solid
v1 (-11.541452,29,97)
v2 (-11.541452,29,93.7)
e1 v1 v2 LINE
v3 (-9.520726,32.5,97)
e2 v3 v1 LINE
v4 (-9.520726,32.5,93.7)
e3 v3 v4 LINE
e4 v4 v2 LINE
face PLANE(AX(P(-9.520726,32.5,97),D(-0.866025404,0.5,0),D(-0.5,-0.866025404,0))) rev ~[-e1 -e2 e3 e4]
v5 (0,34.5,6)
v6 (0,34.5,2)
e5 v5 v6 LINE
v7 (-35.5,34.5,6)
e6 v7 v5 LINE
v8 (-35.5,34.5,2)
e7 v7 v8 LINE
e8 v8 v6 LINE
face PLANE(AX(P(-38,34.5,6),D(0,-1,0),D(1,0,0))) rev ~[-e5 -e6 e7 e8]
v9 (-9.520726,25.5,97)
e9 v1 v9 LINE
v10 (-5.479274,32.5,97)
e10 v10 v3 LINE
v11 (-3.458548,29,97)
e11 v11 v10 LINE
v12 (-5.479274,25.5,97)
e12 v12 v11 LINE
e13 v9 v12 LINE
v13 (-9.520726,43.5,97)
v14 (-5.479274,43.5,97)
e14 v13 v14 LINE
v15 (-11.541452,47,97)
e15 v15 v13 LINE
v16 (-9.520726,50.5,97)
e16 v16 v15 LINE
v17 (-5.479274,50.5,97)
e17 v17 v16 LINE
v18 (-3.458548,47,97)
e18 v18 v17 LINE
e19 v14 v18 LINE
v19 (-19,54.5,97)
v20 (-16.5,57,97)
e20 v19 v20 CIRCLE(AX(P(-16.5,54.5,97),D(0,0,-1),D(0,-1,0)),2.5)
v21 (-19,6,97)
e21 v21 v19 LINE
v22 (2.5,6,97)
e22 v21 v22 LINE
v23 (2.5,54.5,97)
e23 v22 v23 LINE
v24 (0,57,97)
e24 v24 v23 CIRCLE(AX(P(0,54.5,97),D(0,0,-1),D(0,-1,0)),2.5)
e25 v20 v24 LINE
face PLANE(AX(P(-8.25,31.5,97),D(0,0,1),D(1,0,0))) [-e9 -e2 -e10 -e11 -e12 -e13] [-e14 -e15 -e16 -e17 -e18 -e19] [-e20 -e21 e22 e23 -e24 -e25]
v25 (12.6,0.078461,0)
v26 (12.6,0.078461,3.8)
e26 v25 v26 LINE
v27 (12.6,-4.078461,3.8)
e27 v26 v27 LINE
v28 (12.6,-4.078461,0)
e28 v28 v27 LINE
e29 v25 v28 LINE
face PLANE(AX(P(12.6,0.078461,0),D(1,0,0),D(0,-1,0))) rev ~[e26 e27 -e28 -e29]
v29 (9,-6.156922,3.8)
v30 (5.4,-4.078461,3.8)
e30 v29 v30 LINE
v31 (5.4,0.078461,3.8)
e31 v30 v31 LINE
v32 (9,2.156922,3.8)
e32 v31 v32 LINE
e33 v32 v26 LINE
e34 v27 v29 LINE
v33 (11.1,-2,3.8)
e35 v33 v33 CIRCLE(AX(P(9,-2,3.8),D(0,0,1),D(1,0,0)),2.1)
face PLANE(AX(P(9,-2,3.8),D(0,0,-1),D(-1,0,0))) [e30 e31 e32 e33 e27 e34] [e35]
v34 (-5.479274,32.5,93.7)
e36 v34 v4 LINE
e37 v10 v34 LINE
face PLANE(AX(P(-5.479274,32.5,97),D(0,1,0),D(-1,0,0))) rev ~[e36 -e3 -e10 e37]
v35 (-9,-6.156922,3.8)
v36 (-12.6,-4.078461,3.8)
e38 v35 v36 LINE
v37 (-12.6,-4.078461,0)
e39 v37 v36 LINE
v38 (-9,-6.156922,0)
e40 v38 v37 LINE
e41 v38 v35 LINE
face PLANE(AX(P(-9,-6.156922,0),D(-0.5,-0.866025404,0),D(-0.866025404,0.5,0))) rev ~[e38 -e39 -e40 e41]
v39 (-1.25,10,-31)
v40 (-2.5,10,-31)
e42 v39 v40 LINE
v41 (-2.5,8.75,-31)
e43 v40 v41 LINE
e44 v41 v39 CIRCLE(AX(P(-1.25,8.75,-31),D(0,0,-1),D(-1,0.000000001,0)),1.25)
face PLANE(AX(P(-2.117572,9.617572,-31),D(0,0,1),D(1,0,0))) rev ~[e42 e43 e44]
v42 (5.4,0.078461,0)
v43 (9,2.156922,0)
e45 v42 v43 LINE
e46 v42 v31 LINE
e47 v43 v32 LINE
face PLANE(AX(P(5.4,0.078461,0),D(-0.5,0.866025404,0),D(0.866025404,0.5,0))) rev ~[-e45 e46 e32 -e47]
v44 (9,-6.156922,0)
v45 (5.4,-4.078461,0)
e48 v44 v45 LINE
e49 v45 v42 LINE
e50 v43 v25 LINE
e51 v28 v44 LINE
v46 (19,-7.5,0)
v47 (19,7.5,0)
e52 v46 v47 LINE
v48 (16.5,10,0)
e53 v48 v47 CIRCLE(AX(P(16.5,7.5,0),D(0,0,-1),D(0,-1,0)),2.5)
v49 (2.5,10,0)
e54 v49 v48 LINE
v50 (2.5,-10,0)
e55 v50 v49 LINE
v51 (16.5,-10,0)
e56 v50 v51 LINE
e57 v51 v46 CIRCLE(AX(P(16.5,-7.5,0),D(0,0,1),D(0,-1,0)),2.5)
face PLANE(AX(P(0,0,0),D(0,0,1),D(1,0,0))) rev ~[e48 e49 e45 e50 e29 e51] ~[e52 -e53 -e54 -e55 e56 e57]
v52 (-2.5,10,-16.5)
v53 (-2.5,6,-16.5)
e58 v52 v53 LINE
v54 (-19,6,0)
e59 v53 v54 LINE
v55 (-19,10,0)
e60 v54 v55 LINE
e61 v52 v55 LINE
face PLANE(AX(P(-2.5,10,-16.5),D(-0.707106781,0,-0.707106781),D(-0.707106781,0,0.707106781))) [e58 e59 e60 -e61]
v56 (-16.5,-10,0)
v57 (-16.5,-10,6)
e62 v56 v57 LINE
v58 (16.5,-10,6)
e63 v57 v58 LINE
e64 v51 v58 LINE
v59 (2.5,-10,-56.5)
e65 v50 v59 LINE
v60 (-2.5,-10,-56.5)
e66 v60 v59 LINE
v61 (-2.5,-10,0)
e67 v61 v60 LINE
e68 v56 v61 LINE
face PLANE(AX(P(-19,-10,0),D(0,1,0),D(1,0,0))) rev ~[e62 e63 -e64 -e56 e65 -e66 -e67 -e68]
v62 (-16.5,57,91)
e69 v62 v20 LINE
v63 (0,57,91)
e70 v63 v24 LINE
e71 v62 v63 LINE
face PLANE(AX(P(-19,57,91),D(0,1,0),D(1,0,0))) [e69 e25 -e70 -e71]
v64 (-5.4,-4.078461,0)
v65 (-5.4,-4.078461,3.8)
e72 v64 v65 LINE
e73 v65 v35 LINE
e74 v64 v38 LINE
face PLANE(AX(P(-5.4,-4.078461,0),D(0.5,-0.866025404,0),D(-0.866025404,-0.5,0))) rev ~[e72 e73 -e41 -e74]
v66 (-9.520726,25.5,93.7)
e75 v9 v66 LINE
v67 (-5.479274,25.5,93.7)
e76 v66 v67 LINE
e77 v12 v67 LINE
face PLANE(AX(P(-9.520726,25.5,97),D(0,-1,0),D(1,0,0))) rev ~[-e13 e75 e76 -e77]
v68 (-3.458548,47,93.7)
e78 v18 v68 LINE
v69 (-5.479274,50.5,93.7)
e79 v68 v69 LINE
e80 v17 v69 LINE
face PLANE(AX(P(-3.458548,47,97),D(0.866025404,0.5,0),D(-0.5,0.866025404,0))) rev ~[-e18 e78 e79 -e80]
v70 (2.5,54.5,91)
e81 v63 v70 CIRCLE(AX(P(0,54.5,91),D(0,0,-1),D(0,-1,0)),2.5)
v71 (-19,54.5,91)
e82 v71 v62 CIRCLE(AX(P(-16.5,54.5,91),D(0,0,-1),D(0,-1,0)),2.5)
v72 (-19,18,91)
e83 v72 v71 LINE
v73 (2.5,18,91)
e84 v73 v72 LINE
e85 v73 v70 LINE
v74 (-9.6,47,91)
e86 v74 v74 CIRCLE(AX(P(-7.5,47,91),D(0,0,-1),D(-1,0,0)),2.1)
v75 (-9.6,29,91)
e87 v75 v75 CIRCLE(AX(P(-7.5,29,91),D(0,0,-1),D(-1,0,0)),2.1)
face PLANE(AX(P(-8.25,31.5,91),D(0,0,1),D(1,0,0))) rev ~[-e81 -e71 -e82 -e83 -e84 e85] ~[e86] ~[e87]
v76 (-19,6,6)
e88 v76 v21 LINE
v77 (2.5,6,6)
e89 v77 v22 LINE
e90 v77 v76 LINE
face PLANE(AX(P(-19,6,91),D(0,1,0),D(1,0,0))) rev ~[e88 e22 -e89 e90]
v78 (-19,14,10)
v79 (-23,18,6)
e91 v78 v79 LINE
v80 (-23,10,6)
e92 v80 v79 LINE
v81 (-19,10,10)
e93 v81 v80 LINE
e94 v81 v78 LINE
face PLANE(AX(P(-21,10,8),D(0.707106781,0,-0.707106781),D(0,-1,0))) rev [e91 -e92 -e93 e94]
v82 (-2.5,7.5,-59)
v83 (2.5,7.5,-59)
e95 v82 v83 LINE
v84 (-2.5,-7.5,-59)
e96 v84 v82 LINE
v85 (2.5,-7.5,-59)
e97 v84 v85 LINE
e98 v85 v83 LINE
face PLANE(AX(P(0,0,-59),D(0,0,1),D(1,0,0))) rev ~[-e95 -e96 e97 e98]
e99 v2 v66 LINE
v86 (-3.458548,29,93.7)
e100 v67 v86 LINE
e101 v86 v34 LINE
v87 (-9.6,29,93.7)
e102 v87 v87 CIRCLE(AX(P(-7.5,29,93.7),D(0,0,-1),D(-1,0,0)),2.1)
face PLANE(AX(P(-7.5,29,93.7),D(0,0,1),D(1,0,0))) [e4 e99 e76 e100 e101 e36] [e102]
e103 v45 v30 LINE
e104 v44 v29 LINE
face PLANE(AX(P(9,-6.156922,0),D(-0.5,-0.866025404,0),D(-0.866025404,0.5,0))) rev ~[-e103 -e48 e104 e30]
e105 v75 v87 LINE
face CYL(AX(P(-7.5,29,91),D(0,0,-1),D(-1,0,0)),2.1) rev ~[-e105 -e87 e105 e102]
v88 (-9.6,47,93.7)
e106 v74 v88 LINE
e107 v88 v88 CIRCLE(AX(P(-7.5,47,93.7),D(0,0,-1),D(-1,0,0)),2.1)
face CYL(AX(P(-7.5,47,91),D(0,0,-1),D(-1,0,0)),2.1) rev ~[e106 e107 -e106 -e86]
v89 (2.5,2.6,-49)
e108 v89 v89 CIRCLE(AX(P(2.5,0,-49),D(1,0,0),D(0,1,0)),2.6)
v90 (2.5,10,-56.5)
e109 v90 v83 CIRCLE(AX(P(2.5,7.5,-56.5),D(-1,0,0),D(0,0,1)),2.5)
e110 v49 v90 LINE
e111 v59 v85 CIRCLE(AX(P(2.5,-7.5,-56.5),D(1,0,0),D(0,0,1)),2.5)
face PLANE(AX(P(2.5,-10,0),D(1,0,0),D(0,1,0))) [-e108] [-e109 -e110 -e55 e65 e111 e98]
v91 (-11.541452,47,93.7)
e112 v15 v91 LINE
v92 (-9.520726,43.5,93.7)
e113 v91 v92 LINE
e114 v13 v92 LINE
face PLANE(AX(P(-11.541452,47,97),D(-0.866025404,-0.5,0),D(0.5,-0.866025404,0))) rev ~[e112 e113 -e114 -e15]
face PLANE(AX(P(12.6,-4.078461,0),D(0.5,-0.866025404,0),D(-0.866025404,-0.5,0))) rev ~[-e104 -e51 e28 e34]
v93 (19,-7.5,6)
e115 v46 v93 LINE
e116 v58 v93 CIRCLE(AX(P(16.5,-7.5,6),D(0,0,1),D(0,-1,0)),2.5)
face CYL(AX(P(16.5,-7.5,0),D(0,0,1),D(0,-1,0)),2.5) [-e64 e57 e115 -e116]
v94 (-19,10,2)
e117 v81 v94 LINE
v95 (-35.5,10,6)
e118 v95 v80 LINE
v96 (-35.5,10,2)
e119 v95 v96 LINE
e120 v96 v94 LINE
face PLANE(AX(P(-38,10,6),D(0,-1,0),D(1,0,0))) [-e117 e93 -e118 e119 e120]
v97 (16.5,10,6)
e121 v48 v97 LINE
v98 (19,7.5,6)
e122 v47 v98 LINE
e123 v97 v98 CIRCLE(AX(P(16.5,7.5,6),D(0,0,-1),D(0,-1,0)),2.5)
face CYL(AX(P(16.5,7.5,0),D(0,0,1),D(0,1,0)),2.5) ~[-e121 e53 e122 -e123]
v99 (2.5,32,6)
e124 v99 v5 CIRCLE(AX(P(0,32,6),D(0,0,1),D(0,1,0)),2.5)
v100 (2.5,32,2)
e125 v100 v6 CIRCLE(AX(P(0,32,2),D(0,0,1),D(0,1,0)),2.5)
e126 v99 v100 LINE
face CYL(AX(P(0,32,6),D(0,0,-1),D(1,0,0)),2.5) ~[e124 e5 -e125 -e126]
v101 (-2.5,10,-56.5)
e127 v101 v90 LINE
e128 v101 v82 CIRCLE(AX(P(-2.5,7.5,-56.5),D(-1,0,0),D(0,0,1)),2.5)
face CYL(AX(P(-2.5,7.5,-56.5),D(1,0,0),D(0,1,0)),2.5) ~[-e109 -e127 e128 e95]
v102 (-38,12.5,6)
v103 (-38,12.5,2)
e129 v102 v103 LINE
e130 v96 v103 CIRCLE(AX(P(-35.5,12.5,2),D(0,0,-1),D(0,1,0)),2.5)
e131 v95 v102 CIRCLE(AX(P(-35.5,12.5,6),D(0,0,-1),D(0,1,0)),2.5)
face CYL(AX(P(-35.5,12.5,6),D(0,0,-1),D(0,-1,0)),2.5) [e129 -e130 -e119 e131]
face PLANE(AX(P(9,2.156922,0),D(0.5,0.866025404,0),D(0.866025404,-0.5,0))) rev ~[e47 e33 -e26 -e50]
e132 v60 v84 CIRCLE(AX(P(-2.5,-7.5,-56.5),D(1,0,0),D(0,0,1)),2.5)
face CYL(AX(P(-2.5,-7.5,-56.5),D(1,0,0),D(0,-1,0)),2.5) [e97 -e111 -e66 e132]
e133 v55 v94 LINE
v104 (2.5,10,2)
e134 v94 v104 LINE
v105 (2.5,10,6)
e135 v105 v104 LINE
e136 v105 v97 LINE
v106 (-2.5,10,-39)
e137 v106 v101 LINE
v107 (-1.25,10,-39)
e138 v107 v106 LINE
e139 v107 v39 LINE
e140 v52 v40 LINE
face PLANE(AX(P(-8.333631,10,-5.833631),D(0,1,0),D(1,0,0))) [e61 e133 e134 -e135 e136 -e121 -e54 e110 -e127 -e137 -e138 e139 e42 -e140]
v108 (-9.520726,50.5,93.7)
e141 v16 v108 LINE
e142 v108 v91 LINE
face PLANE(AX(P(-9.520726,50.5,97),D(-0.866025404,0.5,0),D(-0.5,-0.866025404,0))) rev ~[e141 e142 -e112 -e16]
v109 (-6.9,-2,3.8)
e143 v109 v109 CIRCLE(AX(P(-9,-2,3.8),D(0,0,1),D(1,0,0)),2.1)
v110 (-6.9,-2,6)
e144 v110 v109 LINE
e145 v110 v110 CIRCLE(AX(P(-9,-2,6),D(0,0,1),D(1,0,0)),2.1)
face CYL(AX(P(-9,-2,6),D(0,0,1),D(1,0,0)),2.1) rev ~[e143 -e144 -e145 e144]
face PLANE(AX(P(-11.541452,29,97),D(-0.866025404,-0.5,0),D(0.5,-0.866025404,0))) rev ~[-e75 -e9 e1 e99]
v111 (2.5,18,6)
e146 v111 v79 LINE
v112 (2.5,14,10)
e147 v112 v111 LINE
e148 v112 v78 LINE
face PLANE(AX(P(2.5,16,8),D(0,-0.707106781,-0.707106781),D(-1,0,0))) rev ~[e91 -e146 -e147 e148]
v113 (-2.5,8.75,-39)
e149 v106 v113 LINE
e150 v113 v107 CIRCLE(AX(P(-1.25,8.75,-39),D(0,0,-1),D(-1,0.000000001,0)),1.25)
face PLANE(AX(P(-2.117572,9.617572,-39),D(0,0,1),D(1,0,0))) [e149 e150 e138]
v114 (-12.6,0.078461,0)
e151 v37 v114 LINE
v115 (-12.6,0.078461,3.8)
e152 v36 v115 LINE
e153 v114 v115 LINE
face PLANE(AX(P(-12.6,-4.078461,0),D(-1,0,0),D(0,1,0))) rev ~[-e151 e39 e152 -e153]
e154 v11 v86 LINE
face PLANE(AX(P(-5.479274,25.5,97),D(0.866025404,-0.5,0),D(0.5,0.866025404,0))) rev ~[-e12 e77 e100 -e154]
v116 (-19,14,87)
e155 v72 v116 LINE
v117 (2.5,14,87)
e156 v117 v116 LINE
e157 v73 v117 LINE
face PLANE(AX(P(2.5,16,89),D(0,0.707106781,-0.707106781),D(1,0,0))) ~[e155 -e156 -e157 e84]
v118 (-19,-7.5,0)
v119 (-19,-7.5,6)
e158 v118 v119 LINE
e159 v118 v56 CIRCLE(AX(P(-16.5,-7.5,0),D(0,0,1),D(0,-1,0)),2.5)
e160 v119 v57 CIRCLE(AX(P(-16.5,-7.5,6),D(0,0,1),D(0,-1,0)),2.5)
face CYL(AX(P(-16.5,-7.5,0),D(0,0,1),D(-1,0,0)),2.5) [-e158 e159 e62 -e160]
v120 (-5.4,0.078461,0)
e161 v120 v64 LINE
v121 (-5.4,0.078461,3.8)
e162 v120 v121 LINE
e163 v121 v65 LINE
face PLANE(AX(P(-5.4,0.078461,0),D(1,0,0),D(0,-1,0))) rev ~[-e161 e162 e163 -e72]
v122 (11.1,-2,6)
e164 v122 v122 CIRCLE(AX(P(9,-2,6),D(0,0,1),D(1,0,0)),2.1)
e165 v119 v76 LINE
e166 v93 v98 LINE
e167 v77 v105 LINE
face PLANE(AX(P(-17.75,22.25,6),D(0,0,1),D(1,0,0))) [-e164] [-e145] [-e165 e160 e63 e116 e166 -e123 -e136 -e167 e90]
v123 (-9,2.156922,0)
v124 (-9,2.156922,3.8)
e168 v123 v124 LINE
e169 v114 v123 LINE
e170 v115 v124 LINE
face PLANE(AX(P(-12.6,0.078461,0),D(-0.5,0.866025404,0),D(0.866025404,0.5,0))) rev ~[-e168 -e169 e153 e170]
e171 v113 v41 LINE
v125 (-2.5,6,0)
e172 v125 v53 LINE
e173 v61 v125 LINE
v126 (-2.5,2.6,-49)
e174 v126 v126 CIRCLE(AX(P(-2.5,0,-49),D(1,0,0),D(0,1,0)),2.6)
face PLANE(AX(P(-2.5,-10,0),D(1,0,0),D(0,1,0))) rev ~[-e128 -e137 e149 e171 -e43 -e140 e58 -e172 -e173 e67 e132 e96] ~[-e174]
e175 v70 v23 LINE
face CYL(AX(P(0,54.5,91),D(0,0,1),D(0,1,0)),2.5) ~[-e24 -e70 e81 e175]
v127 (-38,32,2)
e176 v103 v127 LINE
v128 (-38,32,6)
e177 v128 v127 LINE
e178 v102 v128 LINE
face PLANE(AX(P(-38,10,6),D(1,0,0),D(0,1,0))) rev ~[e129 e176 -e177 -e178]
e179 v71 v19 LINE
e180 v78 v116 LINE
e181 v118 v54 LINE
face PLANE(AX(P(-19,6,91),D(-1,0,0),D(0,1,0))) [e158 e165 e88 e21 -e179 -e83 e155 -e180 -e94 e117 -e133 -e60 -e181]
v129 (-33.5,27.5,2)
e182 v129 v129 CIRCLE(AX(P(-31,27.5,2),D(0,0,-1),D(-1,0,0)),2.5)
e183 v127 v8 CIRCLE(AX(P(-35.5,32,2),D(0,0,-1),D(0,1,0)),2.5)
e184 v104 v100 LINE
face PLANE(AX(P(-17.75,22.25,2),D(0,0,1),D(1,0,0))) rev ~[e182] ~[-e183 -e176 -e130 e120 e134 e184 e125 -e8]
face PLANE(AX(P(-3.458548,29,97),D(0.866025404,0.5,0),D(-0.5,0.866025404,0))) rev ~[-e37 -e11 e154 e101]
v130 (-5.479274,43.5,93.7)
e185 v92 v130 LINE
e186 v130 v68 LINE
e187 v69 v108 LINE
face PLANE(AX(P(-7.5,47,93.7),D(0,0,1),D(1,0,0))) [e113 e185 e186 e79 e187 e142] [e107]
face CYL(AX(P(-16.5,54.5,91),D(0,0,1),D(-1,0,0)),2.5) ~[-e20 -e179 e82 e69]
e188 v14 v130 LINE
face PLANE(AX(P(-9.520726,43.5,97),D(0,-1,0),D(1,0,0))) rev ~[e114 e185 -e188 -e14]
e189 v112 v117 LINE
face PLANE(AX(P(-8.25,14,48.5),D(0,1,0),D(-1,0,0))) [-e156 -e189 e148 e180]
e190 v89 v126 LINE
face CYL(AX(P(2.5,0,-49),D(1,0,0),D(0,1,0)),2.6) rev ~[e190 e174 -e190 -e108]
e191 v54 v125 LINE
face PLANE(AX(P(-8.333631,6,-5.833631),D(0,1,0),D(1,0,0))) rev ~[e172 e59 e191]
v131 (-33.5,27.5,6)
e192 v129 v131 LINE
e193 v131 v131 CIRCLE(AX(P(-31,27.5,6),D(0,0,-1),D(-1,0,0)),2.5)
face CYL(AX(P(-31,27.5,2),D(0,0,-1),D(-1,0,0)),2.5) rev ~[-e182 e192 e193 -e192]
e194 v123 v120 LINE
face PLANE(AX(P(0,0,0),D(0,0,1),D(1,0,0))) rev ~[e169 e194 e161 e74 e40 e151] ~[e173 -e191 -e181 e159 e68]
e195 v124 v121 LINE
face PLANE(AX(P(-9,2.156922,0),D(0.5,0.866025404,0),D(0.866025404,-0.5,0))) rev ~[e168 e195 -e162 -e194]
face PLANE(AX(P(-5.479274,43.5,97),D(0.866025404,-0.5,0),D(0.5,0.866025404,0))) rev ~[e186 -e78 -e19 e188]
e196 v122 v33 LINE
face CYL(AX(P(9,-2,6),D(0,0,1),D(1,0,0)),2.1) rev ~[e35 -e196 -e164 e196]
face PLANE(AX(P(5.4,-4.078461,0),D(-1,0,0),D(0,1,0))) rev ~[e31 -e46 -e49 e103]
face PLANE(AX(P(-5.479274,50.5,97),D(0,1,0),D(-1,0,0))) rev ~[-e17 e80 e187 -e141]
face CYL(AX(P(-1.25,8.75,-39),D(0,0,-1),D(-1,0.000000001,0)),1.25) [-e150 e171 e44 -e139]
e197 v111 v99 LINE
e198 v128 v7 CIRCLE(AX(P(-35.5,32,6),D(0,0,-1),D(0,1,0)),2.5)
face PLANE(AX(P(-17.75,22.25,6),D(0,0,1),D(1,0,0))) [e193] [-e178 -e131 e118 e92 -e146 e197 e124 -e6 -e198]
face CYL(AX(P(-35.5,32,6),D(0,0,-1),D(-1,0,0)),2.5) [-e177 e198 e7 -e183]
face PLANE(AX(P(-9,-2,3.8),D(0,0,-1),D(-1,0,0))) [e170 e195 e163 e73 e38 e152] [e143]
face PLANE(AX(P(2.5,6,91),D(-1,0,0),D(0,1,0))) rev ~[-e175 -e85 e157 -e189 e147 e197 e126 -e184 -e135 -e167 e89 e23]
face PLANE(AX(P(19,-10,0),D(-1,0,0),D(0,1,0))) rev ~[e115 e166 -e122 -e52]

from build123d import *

# Parameters (mm, degrees)
SKETCH_3_W          = 38
SKETCH_3_H          = 20
EXTRUDE_1_DEPTH     = 6
SKETCH_4_W          = 5
SKETCH_4_H          = 20
EXTRUDE_2_DEPTH     = 59
SKETCH_9_W          = 40.5
SKETCH_9_H          = 24.5
EXTRUDE_4_DEPTH     = 4
SKETCH_12_W         = 21.5
SKETCH_12_H         = 85
EXTRUDE_5_DEPTH     = 4
SKETCH_13_W         = 21.5
SKETCH_13_H         = 51
EXTRUDE_6_DEPTH     = 6
EXTRUDE_8_DEPTH     = 4
CUT_EXTRUDE_START   = -20
CUT_EXTRUDE_7_DEPTH = 8
SKETCH_5_R          = 2.1
CUT_EXTRUDE_1_DEPTH = 114.903467902
CUT_EXTRUDE_2_DEPTH = 3.8
SKETCH_7_R          = 2.6
CUT_EXTRUDE_3_DEPTH = 120.57529009
SKETCH_17_R         = 2.1
CUT_EXTRUDE_4_DEPTH = 165.903001792
CUT_EXTRUDE_5_DEPTH = 3.3
SKETCH_19_R         = 2.5
CUT_EXTRUDE_6_DEPTH = 118.123866056
FILLET_2_R          = 2.5
CHAMFER_2_SIZE      = 4


with BuildPart() as part:
    # Эскиз3 → Бобышка-Вытянуть1 (new body)
    with BuildSketch(Plane.XY):
        Rectangle(SKETCH_3_W, SKETCH_3_H)
    extrude(amount=EXTRUDE_1_DEPTH)

    # Эскиз4 → Бобышка-Вытянуть2 (add)
    with BuildSketch(Plane(origin=(-10.8, 0, 0), x_dir=(1, 0, 0), z_dir=(0, 0, 1))):
        with Locations((10.8, 0)):
            Rectangle(SKETCH_4_W, SKETCH_4_H)
    extrude(amount=-EXTRUDE_2_DEPTH)

    # Эскиз9 → Бобышка-Вытянуть4 (add)
    with BuildSketch(Plane.XY.offset(6)):
        with Locations((-17.75, 22.25)):
            Rectangle(SKETCH_9_W, SKETCH_9_H)
    extrude(amount=-EXTRUDE_4_DEPTH)

    # Эскиз12 → Бобышка-Вытянуть5 (add, symmetric)
    with BuildSketch(Plane(origin=(0, 10, 0), x_dir=(-1, 0, 0), z_dir=(0, 1, 0))):
        with Locations((8.25, 48.5)):
            Rectangle(SKETCH_12_W, SKETCH_12_H)
    extrude(amount=EXTRUDE_5_DEPTH, both=True)

    # Эскиз13 → Бобышка-Вытянуть6 (add)
    with BuildSketch(Plane.XY.offset(91)):
        with Locations((-8.25, 31.5)):
            Rectangle(SKETCH_13_W, SKETCH_13_H)
    extrude(amount=EXTRUDE_6_DEPTH)

    # Эскиз23 → Бобышка-Вытянуть8 (add)
    with BuildSketch(Plane(origin=(0, 10, 0), x_dir=(1, 0, 0), z_dir=(0, 1, 0))):
        Polygon((-2.5, 16.5), (-19, 0), (-2.5, 0), align=None)
    extrude(amount=-EXTRUDE_8_DEPTH)

    # Эскиз21 → Вырез-Вытянуть7 (cut)
    with BuildSketch(Plane(origin=(0, 0, -59), x_dir=(-1, 0, 0), z_dir=(0, 0, -1)).offset(CUT_EXTRUDE_START)):
        with BuildLine():
            Line((1.25, 10), (2.5, 10))
            Line((2.5, 10), (2.5, 8.75))
            ThreePointArc((2.5, 8.75), (2.133883476, 9.633883476), (1.25, 10))
        make_face()
    extrude(amount=-CUT_EXTRUDE_7_DEPTH, mode=Mode.SUBTRACT)

    # Эскиз5 → Вырез-Вытянуть1 (cut, through all)
    with BuildSketch(Plane.XY.offset(6)):
        with Locations((-9, -2)):
            Circle(SKETCH_5_R)
        with Locations((9, -2)):
            Circle(SKETCH_5_R)
    extrude(amount=-CUT_EXTRUDE_1_DEPTH, mode=Mode.SUBTRACT)

    # Эскиз6 → Вырез-Вытянуть2 (cut)
    with BuildSketch(Plane(origin=(0, 0, 0), x_dir=(-1, 0, 0), z_dir=(0, 0, -1))):
        Polygon((-9, 2.156921938), (-12.6, 0.078460969), (-12.6, -4.078460969), (-9, -6.156921938), (-5.4, -4.078460969), (-5.4, 0.078460969), align=None)
        Polygon((9, 2.156921938), (5.4, 0.078460969), (5.4, -4.078460969), (9, -6.156921938), (12.6, -4.078460969), (12.6, 0.078460969), align=None)
    extrude(amount=-CUT_EXTRUDE_2_DEPTH, mode=Mode.SUBTRACT)

    # Эскиз7 → Вырез-Вытянуть3 (cut, through all)
    with BuildSketch(Plane(origin=(2.5, 0, 0), x_dir=(0, 0, -1), z_dir=(1, 0, 0))):
        with Locations(Location((49, 0, 0), (0, 0, 90))):
            Circle(SKETCH_7_R)
    extrude(amount=-CUT_EXTRUDE_3_DEPTH, mode=Mode.SUBTRACT)

    # Эскиз17 → Вырез-Вытянуть4 (cut, through all)
    with BuildSketch(Plane(origin=(0, 0, 91), x_dir=(-1, 0, 0), z_dir=(0, 0, -1))):
        with Locations((7.5, 29)):
            Circle(SKETCH_17_R)
        with Locations((7.5, 47)):
            Circle(SKETCH_17_R)
    extrude(amount=-CUT_EXTRUDE_4_DEPTH, mode=Mode.SUBTRACT)

    # Эскиз18 → Вырез-Вытянуть5 (cut)
    with BuildSketch(Plane.XY.offset(97)):
        Polygon((-3.458548116, 29), (-5.479274058, 32.5), (-9.520725942, 32.5), (-11.541451884, 29), (-9.520725942, 25.5), (-5.479274058, 25.5), align=None)
        Polygon((-3.458548116, 47), (-5.479274058, 50.5), (-9.520725942, 50.5), (-11.541451884, 47), (-9.520725942, 43.5), (-5.479274058, 43.5), align=None)
    extrude(amount=-CUT_EXTRUDE_5_DEPTH, mode=Mode.SUBTRACT)

    # Эскиз19 → Вырез-Вытянуть6 (cut, through all)
    with BuildSketch(Plane(origin=(0, 0, 2), x_dir=(-1, 0, 0), z_dir=(0, 0, -1))):
        with Locations((30.999999999, 27.499999999)):
            Circle(SKETCH_19_R)
    extrude(amount=-CUT_EXTRUDE_6_DEPTH, mode=Mode.SUBTRACT)

    # Скругление2
    fillet_2_edges = [part.edges().sort_by_distance(p)[0] for p in [
        (0, 10, -59),
        (0, -10, -59),
        (2.5, 34.5, 4),
        (-38, 10, 4),
        (-38, 34.5, 4),
        (2.5, 57, 94),
        (-19, 57, 94),
        (19, 10, 3),
        (19, -10, 3),
        (-19, -10, 3),
    ]]
    fillet(fillet_2_edges, radius=FILLET_2_R)

    # Фаска2
    chamfer_2_edges = [part.edges().sort_by_distance(p)[0] for p in [
        (-19, 12, 6),
        (-8.25, 14, 91),
        (-8.25, 14, 6),
    ]]
    chamfer(chamfer_2_edges, length=CHAMFER_2_SIZE)


solid = part.part
